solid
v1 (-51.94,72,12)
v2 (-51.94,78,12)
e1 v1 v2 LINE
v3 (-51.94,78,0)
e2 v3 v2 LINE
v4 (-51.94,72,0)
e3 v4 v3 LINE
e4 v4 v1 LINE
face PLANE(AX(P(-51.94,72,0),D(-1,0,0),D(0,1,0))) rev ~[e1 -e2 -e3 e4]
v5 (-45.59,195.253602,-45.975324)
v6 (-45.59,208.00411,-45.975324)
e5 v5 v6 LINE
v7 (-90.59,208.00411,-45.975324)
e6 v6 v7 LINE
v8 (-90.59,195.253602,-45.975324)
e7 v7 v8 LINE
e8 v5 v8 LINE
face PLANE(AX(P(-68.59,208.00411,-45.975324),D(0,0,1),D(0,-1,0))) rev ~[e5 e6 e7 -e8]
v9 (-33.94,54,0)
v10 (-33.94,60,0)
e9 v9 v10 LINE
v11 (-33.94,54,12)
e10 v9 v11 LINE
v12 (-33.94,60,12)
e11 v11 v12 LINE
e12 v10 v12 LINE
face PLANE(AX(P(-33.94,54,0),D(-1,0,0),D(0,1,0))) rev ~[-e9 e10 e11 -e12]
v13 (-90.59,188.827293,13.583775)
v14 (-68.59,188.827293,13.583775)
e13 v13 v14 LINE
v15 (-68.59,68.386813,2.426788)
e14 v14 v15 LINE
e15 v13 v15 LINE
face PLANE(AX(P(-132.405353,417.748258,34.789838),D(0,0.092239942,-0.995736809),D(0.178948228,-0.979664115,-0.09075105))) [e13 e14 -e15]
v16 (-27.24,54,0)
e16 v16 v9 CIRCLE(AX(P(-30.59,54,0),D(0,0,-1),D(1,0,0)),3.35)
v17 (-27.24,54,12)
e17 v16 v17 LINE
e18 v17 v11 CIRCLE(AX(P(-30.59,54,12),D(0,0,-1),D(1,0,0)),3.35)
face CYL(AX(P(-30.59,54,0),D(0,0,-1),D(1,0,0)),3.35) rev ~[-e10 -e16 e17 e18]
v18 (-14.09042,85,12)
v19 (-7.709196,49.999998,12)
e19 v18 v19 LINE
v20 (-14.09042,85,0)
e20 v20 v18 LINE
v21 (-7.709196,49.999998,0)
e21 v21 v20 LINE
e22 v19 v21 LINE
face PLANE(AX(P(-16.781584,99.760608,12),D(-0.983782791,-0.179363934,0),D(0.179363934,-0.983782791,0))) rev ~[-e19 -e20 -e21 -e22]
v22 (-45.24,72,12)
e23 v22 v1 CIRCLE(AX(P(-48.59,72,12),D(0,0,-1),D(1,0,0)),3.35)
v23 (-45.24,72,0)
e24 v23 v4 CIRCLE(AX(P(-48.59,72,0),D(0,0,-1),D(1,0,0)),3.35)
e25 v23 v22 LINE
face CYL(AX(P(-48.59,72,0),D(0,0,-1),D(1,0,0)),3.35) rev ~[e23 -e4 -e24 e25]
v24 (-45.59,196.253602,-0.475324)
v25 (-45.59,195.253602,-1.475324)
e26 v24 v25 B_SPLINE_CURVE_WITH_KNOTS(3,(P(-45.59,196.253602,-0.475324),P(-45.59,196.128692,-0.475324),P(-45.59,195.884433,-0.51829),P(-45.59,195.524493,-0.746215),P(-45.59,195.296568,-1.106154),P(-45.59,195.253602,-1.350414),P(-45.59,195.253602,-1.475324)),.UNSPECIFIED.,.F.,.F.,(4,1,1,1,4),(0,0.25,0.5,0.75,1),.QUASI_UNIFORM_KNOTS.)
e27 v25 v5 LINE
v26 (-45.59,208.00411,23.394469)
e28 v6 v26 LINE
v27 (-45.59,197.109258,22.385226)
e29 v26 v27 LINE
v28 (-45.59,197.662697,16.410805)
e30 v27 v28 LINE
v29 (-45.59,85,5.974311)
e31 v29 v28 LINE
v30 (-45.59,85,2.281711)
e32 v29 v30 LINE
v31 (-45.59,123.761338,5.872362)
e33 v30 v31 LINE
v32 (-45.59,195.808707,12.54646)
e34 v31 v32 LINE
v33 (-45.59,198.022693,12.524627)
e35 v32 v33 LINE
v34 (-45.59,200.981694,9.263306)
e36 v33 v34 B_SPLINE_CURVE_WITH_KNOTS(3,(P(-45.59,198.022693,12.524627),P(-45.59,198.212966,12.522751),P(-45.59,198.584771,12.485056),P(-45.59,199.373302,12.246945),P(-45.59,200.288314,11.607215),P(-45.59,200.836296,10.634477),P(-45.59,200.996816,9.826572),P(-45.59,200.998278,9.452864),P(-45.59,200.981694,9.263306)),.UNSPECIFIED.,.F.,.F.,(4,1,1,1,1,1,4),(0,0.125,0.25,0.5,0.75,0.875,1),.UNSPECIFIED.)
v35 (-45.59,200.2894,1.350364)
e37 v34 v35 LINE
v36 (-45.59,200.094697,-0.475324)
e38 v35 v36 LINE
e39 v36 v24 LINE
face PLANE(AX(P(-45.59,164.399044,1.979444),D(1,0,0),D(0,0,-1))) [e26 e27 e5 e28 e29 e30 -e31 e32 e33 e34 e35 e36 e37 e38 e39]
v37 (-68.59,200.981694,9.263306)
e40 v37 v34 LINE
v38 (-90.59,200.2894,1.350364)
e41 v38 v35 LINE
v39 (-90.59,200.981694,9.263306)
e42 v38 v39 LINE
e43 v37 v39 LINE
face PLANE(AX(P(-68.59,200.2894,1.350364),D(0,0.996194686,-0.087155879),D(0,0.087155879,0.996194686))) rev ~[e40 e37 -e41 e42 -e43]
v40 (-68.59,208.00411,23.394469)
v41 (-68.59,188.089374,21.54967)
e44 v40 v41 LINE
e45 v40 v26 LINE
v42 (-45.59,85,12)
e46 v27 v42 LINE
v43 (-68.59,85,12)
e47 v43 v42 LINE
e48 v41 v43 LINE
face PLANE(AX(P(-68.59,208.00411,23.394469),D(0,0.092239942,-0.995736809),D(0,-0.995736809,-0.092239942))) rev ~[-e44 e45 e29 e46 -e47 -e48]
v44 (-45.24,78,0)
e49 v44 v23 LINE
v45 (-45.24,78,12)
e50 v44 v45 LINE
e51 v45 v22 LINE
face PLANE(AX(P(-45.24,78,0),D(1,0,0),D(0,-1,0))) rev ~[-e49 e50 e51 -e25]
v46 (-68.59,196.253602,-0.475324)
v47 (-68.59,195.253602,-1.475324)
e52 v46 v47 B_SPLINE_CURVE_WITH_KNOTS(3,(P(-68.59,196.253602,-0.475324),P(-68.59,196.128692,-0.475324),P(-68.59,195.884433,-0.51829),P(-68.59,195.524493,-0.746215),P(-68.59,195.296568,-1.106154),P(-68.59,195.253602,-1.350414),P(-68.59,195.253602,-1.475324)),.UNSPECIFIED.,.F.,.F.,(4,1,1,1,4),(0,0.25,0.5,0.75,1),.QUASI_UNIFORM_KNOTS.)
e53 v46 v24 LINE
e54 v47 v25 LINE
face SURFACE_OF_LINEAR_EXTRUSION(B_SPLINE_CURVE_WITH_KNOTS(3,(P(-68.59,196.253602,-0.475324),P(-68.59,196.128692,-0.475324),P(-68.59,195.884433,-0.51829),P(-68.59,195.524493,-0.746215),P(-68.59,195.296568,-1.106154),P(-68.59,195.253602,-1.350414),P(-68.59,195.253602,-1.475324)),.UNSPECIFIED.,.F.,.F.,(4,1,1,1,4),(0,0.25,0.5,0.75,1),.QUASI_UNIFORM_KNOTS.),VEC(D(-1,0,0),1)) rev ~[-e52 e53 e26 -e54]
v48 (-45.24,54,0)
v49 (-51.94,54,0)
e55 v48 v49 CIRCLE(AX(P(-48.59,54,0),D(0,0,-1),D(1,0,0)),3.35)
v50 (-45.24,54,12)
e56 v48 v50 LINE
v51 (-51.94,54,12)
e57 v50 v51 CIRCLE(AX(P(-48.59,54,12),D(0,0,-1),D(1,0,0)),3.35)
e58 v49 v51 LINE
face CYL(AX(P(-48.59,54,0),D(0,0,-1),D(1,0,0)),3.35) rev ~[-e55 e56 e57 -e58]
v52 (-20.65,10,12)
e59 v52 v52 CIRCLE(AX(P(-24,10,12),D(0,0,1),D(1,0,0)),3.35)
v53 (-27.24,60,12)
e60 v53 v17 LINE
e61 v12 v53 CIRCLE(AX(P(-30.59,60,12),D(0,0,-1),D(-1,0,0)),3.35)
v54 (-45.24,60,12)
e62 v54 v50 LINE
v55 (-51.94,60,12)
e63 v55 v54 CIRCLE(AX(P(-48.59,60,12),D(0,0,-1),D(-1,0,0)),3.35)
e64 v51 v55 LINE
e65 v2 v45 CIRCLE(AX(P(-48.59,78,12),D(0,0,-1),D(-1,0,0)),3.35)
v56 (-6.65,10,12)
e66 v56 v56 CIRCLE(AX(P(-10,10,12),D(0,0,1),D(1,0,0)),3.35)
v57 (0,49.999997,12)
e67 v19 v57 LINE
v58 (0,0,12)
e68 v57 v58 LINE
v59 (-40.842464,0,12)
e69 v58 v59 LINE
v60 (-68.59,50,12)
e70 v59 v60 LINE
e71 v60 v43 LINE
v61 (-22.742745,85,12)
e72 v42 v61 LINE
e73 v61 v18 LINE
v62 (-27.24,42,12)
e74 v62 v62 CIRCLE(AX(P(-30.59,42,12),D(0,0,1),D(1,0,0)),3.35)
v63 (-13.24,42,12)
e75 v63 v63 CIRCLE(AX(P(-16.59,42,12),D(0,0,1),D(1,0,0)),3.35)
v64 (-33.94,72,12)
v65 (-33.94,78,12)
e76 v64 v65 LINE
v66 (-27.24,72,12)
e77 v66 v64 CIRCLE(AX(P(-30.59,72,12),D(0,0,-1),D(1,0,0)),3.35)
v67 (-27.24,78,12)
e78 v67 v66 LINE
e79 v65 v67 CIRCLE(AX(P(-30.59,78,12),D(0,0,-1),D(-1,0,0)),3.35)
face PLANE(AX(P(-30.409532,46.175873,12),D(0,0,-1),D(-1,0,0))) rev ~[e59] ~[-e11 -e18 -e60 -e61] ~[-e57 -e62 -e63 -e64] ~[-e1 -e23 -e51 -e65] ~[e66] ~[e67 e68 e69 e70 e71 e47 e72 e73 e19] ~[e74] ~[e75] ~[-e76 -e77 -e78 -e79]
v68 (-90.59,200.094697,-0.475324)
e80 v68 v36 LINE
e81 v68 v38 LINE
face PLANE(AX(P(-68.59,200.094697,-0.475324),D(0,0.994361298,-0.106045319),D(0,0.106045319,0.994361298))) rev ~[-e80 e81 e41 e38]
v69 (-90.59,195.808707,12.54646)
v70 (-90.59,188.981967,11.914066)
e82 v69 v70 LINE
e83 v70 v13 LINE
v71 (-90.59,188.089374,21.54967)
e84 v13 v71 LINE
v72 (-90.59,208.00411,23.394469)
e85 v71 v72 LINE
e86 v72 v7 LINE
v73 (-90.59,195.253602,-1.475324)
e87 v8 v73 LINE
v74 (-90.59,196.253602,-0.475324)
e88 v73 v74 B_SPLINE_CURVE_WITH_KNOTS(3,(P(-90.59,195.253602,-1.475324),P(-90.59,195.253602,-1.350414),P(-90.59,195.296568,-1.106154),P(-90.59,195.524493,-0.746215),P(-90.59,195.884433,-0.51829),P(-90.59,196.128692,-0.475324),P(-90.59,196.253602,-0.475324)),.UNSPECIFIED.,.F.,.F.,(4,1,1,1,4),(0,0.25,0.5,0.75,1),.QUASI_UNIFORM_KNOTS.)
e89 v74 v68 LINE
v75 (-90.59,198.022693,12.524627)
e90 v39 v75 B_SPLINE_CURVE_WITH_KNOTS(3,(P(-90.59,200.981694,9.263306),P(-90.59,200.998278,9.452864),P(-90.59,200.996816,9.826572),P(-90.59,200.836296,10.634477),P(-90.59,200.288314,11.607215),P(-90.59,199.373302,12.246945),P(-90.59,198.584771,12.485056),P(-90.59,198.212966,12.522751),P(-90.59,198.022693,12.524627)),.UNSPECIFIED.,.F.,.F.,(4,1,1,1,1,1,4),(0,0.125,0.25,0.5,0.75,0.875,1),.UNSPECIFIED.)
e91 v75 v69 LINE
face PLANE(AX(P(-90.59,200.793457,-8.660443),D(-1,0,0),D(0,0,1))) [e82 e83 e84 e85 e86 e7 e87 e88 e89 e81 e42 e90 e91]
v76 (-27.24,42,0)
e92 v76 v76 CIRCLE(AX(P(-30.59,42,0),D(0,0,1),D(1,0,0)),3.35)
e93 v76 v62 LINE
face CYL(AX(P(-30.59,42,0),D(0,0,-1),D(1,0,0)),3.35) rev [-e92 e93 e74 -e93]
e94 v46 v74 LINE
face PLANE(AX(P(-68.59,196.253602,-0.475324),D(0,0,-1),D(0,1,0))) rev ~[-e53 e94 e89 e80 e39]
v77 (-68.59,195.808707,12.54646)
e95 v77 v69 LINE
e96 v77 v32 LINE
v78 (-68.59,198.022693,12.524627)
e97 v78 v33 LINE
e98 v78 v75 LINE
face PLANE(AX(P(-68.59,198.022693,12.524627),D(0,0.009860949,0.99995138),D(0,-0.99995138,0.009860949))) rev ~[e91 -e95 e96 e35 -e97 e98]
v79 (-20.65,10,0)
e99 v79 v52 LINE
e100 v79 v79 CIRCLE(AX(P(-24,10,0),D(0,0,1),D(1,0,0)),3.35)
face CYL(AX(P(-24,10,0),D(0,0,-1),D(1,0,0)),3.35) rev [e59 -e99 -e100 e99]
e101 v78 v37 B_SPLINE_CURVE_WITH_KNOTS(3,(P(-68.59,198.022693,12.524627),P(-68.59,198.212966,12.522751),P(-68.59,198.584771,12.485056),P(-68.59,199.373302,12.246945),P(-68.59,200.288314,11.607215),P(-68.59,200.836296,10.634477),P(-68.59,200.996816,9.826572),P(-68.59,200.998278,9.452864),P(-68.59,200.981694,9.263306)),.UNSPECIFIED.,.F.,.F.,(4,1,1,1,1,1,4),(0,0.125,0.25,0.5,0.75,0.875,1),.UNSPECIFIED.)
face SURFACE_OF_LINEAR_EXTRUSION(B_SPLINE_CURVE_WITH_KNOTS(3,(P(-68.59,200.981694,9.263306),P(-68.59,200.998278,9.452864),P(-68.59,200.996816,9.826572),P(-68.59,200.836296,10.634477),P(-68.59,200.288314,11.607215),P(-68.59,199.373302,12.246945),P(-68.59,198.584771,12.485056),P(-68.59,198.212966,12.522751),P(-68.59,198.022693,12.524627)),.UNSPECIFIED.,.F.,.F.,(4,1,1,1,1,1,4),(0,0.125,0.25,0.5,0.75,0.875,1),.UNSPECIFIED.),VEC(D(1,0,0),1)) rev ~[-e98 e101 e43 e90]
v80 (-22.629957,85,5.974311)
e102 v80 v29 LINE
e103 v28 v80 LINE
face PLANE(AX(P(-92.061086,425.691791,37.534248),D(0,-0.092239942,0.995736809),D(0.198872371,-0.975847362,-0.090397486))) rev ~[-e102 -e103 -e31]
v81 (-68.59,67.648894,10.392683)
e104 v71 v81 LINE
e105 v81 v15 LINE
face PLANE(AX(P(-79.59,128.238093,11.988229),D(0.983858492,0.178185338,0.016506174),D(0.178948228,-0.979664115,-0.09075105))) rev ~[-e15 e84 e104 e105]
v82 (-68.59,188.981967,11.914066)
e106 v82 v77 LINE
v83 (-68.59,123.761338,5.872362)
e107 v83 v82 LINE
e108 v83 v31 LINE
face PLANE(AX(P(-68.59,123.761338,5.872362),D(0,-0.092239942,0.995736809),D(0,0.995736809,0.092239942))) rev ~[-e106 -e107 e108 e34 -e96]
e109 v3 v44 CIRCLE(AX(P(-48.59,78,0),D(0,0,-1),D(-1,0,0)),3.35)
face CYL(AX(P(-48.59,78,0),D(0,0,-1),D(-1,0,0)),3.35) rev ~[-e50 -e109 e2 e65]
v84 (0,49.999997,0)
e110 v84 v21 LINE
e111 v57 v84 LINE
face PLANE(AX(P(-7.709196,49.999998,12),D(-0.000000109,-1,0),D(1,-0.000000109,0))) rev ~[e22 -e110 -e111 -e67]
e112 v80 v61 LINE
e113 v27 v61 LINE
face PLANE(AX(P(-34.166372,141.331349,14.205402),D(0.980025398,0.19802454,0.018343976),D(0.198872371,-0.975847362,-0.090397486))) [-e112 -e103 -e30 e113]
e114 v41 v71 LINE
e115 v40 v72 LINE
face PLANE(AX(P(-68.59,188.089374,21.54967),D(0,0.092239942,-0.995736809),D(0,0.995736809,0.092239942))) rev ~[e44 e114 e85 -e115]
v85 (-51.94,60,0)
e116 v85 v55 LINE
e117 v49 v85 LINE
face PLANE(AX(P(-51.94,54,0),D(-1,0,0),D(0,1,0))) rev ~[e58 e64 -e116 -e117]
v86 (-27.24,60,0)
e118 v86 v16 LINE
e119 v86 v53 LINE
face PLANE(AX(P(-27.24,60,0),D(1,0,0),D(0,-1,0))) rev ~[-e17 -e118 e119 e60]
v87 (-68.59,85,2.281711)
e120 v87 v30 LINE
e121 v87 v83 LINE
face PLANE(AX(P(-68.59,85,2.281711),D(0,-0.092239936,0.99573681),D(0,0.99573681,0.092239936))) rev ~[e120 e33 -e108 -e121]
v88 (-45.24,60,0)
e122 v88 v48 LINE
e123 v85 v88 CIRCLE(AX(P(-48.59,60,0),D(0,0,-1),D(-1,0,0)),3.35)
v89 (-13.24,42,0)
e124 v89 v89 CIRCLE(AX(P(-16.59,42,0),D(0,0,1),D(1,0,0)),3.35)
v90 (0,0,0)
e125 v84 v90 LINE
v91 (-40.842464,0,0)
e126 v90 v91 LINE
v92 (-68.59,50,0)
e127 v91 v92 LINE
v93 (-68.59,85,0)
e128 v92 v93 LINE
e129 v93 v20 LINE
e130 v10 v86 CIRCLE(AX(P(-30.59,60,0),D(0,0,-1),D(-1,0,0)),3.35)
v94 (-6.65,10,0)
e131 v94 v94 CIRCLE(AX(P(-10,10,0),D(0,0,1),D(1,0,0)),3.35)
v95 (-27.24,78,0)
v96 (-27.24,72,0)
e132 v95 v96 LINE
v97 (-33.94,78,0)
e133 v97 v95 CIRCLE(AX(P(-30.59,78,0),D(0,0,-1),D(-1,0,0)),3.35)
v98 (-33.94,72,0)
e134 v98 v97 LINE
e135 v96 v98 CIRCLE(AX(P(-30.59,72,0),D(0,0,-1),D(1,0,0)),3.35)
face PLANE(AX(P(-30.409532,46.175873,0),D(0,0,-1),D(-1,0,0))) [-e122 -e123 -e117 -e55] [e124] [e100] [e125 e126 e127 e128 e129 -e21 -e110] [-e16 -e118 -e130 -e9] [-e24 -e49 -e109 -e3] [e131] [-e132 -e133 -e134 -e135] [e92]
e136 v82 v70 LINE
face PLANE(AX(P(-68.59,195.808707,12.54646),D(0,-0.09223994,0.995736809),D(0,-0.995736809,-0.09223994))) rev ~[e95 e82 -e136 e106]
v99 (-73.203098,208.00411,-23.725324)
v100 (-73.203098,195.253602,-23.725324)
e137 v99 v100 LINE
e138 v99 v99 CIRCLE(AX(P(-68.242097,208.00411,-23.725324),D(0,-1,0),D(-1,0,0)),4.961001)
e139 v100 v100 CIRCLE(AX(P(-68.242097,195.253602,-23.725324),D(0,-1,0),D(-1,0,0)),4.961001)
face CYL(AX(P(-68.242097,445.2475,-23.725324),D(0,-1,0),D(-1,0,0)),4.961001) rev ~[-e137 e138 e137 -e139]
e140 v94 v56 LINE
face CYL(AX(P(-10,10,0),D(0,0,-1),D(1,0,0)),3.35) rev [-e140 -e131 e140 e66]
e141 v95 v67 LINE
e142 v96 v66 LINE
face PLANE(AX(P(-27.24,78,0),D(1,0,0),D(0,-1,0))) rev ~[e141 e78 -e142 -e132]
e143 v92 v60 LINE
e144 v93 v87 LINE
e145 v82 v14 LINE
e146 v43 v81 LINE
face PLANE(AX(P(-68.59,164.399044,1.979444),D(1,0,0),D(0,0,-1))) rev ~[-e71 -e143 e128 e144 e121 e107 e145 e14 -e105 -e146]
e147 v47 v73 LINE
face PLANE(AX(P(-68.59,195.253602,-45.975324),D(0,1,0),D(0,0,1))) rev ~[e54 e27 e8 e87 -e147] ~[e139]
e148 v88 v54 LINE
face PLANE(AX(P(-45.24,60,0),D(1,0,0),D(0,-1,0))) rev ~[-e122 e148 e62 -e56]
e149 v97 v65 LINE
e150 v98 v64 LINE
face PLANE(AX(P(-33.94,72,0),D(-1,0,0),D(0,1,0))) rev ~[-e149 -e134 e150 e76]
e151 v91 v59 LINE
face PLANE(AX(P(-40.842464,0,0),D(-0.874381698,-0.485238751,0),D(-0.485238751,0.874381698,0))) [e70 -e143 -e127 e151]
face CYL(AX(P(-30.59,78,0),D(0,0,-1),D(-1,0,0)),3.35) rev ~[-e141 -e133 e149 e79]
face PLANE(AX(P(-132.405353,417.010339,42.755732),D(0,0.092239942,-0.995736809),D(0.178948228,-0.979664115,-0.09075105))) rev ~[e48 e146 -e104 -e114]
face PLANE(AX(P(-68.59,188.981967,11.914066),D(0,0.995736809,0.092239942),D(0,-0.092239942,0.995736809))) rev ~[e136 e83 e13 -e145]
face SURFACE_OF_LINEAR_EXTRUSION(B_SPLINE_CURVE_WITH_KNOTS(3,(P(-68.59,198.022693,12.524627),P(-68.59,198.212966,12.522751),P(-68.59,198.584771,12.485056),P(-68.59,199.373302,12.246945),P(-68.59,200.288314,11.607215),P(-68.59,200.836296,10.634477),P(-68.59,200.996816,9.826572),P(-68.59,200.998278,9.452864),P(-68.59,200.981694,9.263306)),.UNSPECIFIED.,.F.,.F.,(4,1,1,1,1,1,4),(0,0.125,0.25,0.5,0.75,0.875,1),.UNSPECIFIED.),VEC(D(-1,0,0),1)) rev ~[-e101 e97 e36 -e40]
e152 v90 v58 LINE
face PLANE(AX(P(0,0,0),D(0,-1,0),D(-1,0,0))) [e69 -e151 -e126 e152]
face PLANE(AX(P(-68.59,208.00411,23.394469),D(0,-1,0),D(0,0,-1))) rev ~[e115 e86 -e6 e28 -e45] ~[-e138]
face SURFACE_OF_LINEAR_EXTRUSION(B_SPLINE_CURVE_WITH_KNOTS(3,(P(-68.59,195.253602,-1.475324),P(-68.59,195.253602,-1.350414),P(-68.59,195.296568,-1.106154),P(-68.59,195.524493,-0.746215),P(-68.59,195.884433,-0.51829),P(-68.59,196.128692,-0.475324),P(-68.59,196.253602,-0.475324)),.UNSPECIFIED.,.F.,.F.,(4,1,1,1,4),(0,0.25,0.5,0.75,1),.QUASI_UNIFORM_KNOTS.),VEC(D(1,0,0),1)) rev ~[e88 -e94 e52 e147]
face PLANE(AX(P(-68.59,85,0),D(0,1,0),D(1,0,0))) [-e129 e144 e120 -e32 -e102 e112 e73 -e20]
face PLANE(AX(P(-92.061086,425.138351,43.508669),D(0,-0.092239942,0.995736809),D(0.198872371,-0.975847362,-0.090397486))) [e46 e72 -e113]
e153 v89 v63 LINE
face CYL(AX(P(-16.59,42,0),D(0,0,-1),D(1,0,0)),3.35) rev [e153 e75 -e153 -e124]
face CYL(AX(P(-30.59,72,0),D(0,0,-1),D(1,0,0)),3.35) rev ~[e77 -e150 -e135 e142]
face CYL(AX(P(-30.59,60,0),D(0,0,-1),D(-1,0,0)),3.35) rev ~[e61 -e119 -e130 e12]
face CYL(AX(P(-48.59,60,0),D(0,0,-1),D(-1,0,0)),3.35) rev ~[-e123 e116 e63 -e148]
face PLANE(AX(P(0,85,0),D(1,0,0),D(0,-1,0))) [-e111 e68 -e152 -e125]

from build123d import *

# Parameters (mm, degrees)
SKETCH1_R                        = 3.35
BOSS_EXTRUDE1_DEPTH              = 12
BOSS_EXTRUDE4_DEPTH              = 23
CUT_EXTRUDE2_DEPTH               = 227.564419348
BOSS_EXTRUDE5_DEPTH              = 22
RIB8_REACH                       = 234.673
SKETCH9_WALL_W                   = 590.286406192
SKETCH9_WALL_H                   = 8
RIB13_REACH                      = 234.673
SKETCH10_WALL_W                  = 582.229830078
SKETCH10_WALL_H                  = 6
F_25_64_0_39063_DIAMETER_HOLE1_D = 9.922002


with BuildPart() as part:
    # Sketch1 → Boss-Extrude1 (new body)
    with BuildSketch(Plane.XY):
        Polygon((0, 0), (-40.842464086, 0), (-68.59, 50), (-68.59, 85), (0, 85), align=None)
        with Locations((-30.59, 42)):
            Circle(SKETCH1_R, mode=Mode.SUBTRACT)
        with Locations((-16.59, 42)):
            Circle(SKETCH1_R, mode=Mode.SUBTRACT)
        with Locations((-24, 10)):
            Circle(SKETCH1_R, mode=Mode.SUBTRACT)
        with Locations((-10, 10)):
            Circle(SKETCH1_R, mode=Mode.SUBTRACT)
        with BuildLine():
            Line((-45.24, 60), (-45.24, 54))
            ThreePointArc((-45.24, 54), (-48.59, 50.65), (-51.94, 54))
            Line((-51.94, 54), (-51.94, 60))
            ThreePointArc((-51.94, 60), (-48.59, 63.35), (-45.24, 60))
        make_face(mode=Mode.SUBTRACT)
        with BuildLine():
            Line((-45.24, 78), (-45.24, 72))
            ThreePointArc((-45.24, 72), (-48.59, 68.65), (-51.94, 72))
            Line((-51.94, 72), (-51.94, 78))
            ThreePointArc((-51.94, 78), (-48.59, 81.35), (-45.24, 78))
        make_face(mode=Mode.SUBTRACT)
        with BuildLine():
            Line((-27.24, 78), (-27.24, 72))
            ThreePointArc((-27.24, 72), (-30.59, 68.65), (-33.94, 72))
            Line((-33.94, 72), (-33.94, 78))
            ThreePointArc((-33.94, 78), (-30.59, 81.35), (-27.24, 78))
        make_face(mode=Mode.SUBTRACT)
        with BuildLine():
            Line((-27.24, 60), (-27.24, 54))
            ThreePointArc((-27.24, 54), (-30.59, 50.65), (-33.94, 54))
            Line((-33.94, 54), (-33.94, 60))
            ThreePointArc((-33.94, 60), (-30.59, 63.35), (-27.24, 60))
        make_face(mode=Mode.SUBTRACT)
    extrude(amount=BOSS_EXTRUDE1_DEPTH)

    # Sketch4 → Boss-Extrude4 (add)
    with BuildSketch(Plane.ZY.offset(68.59)):
        with BuildLine():
            Line((1.350364369, 200.289400401), (-0.475324009, 200.094696819))
            Line((-0.475324009, 200.094696819), (-0.475324009, 198.169964836))
            Line((-0.475324009, 198.169964836), (-0.475324009, 196.253602357))
            add(Edge.make_bspline(
                [(-0.475324009, 196.253602357), (-0.475324009, 196.12869199), (-0.518289538, 195.884432771), (-0.746214851, 195.524493199), (-1.106154424, 195.296567886), (-1.350413642, 195.253602357), (-1.475324009, 195.253602357)],
                knots=[0, 0, 0, 0, 0.25, 0.5, 0.75, 1, 1, 1, 1], degree=3))
            Line((-1.475324009, 195.253602357), (-45.975324009, 195.253602357))
            Line((-45.975324009, 195.253602357), (-45.975324009, 208.004109944))
            Line((-45.975324009, 208.004109944), (23.394468779, 208.004109944))
            Line((23.394468779, 208.004109944), (12, 85))
            Line((12, 85), (2.281711333, 85))
            Line((2.281711333, 85), (5.872362287, 123.761337788))
            Line((5.872362287, 123.761337788), (12.546460431, 195.808707235))
            Line((12.546460431, 195.808707235), (12.52462737, 198.022692939))
            add(Edge.make_bspline(
                [(12.52462737, 198.022692939), (12.52275101, 198.212965603), (12.485055554, 198.584771055), (12.246945435, 199.373301804), (11.607215228, 200.288314456), (10.634477398, 200.836296213), (9.82657242, 200.996816362), (9.452863838, 200.998278344), (9.263306003, 200.981694182)],
                knots=[0, 0, 0, 0, 0.125, 0.25, 0.5, 0.75, 0.875, 1, 1, 1, 1], degree=3))
            Line((9.263306003, 200.981694182), (1.350364369, 200.289400401))
        make_face()
    extrude(amount=-BOSS_EXTRUDE4_DEPTH)

    # Sketch6 → Cut-Extrude2 (cut, through all)
    with BuildSketch(Plane.XY.offset(12)):
        Polygon((-16.781583806, 99.760607563), (-7.709196228, 49.999997515), (7.428297799, 49.999995871), (-1.644090079, 99.760607563), align=None)
    extrude(amount=-CUT_EXTRUDE2_DEPTH, mode=Mode.SUBTRACT)

    # Sketch7 → Boss-Extrude5 (add)
    with BuildSketch(Plane.ZY.offset(68.59)):
        with BuildLine():
            Line((1.350364369, 200.289400401), (9.263306003, 200.981694182))
            add(Edge.make_bspline(
                [(9.263306003, 200.981694182), (9.452863838, 200.998278344), (9.82657242, 200.996816362), (10.634477398, 200.836296213), (11.607215228, 200.288314456), (12.246945435, 199.373301804), (12.485055554, 198.584771055), (12.52275101, 198.212965603), (12.52462737, 198.022692939)],
                knots=[0, 0, 0, 0, 0.125, 0.25, 0.5, 0.75, 0.875, 1, 1, 1, 1], degree=3))
            Line((12.52462737, 198.022692939), (12.546460431, 195.808707235))
            Line((12.546460431, 195.808707235), (11.914066265, 188.98196658))
            Line((11.914066265, 188.98196658), (21.549669936, 188.089373761))
            Line((21.549669936, 188.089373761), (23.394468779, 208.004109944))
            Line((23.394468779, 208.004109944), (-45.975324009, 208.004109944))
            Line((-45.975324009, 208.004109944), (-45.975324009, 195.253602357))
            Line((-45.975324009, 195.253602357), (-1.475324009, 195.253602357))
            add(Edge.make_bspline(
                [(-1.475324009, 195.253602357), (-1.350413642, 195.253602357), (-1.106154424, 195.296567886), (-0.746214851, 195.524493199), (-0.518289538, 195.884432771), (-0.475324009, 196.12869199), (-0.475324009, 196.253602357)],
                knots=[0, 0, 0, 0, 0.25, 0.5, 0.75, 1, 1, 1, 1], degree=3))
            Line((-0.475324009, 196.253602357), (-0.475324009, 200.094696819))
            Line((-0.475324009, 200.094696819), (1.350364369, 200.289400401))
        make_face()
    extrude(amount=BOSS_EXTRUDE5_DEPTH)

    # Sketch9 wall → Rib8 (add, up to next)
    with BuildSketch(Plane(origin=(-79.59, 127.869133691, 15.971176294), x_dir=(0.178948228267, -0.979664115124, -0.090751050339), z_dir=(0.983858491654, 0.178185337816, 0.016506174221)), mode=Mode.PRIVATE) as rib8_sk1:
        with Locations((0, 4)):
            Rectangle(SKETCH9_WALL_W, SKETCH9_WALL_H)
    rib8_tool1 = extrude(rib8_sk1.sketch, amount=RIB8_REACH, mode=Mode.PRIVATE) - part.part
    add(rib8_tool1.solids().sort_by_distance((-79.59, 127.869133691, 15.971176294))[0])

    # Sketch10 wall → Rib13 (add, up to next)
    with BuildSketch(Plane(origin=(-34.166372331, 141.054628888, 17.192612824), x_dir=(0.198872370592, -0.975847362421, -0.090397485977), z_dir=(0.98002539774, 0.198024539719, 0.018343975956)), mode=Mode.PRIVATE) as rib13_sk1:
        with Locations((0, 3)):
            Rectangle(SKETCH10_WALL_W, SKETCH10_WALL_H)
    rib13_tool1 = extrude(rib13_sk1.sketch, amount=-RIB13_REACH, mode=Mode.PRIVATE) - part.part
    add(rib13_tool1.solids().sort_by_distance((-34.166372331, 141.054628888, 17.192612824))[0])

    # 25/64 (0.39063) Diameter Hole1 (through all)
    with Locations(Plane(origin=(0, 208.004109944, 0), x_dir=(1, 0, 0), z_dir=(0, 1, 0))):
        with Locations((-68.242097157, 23.725324009)):
            Hole(F_25_64_0_39063_DIAMETER_HOLE1_D / 2)


solid = part.part
